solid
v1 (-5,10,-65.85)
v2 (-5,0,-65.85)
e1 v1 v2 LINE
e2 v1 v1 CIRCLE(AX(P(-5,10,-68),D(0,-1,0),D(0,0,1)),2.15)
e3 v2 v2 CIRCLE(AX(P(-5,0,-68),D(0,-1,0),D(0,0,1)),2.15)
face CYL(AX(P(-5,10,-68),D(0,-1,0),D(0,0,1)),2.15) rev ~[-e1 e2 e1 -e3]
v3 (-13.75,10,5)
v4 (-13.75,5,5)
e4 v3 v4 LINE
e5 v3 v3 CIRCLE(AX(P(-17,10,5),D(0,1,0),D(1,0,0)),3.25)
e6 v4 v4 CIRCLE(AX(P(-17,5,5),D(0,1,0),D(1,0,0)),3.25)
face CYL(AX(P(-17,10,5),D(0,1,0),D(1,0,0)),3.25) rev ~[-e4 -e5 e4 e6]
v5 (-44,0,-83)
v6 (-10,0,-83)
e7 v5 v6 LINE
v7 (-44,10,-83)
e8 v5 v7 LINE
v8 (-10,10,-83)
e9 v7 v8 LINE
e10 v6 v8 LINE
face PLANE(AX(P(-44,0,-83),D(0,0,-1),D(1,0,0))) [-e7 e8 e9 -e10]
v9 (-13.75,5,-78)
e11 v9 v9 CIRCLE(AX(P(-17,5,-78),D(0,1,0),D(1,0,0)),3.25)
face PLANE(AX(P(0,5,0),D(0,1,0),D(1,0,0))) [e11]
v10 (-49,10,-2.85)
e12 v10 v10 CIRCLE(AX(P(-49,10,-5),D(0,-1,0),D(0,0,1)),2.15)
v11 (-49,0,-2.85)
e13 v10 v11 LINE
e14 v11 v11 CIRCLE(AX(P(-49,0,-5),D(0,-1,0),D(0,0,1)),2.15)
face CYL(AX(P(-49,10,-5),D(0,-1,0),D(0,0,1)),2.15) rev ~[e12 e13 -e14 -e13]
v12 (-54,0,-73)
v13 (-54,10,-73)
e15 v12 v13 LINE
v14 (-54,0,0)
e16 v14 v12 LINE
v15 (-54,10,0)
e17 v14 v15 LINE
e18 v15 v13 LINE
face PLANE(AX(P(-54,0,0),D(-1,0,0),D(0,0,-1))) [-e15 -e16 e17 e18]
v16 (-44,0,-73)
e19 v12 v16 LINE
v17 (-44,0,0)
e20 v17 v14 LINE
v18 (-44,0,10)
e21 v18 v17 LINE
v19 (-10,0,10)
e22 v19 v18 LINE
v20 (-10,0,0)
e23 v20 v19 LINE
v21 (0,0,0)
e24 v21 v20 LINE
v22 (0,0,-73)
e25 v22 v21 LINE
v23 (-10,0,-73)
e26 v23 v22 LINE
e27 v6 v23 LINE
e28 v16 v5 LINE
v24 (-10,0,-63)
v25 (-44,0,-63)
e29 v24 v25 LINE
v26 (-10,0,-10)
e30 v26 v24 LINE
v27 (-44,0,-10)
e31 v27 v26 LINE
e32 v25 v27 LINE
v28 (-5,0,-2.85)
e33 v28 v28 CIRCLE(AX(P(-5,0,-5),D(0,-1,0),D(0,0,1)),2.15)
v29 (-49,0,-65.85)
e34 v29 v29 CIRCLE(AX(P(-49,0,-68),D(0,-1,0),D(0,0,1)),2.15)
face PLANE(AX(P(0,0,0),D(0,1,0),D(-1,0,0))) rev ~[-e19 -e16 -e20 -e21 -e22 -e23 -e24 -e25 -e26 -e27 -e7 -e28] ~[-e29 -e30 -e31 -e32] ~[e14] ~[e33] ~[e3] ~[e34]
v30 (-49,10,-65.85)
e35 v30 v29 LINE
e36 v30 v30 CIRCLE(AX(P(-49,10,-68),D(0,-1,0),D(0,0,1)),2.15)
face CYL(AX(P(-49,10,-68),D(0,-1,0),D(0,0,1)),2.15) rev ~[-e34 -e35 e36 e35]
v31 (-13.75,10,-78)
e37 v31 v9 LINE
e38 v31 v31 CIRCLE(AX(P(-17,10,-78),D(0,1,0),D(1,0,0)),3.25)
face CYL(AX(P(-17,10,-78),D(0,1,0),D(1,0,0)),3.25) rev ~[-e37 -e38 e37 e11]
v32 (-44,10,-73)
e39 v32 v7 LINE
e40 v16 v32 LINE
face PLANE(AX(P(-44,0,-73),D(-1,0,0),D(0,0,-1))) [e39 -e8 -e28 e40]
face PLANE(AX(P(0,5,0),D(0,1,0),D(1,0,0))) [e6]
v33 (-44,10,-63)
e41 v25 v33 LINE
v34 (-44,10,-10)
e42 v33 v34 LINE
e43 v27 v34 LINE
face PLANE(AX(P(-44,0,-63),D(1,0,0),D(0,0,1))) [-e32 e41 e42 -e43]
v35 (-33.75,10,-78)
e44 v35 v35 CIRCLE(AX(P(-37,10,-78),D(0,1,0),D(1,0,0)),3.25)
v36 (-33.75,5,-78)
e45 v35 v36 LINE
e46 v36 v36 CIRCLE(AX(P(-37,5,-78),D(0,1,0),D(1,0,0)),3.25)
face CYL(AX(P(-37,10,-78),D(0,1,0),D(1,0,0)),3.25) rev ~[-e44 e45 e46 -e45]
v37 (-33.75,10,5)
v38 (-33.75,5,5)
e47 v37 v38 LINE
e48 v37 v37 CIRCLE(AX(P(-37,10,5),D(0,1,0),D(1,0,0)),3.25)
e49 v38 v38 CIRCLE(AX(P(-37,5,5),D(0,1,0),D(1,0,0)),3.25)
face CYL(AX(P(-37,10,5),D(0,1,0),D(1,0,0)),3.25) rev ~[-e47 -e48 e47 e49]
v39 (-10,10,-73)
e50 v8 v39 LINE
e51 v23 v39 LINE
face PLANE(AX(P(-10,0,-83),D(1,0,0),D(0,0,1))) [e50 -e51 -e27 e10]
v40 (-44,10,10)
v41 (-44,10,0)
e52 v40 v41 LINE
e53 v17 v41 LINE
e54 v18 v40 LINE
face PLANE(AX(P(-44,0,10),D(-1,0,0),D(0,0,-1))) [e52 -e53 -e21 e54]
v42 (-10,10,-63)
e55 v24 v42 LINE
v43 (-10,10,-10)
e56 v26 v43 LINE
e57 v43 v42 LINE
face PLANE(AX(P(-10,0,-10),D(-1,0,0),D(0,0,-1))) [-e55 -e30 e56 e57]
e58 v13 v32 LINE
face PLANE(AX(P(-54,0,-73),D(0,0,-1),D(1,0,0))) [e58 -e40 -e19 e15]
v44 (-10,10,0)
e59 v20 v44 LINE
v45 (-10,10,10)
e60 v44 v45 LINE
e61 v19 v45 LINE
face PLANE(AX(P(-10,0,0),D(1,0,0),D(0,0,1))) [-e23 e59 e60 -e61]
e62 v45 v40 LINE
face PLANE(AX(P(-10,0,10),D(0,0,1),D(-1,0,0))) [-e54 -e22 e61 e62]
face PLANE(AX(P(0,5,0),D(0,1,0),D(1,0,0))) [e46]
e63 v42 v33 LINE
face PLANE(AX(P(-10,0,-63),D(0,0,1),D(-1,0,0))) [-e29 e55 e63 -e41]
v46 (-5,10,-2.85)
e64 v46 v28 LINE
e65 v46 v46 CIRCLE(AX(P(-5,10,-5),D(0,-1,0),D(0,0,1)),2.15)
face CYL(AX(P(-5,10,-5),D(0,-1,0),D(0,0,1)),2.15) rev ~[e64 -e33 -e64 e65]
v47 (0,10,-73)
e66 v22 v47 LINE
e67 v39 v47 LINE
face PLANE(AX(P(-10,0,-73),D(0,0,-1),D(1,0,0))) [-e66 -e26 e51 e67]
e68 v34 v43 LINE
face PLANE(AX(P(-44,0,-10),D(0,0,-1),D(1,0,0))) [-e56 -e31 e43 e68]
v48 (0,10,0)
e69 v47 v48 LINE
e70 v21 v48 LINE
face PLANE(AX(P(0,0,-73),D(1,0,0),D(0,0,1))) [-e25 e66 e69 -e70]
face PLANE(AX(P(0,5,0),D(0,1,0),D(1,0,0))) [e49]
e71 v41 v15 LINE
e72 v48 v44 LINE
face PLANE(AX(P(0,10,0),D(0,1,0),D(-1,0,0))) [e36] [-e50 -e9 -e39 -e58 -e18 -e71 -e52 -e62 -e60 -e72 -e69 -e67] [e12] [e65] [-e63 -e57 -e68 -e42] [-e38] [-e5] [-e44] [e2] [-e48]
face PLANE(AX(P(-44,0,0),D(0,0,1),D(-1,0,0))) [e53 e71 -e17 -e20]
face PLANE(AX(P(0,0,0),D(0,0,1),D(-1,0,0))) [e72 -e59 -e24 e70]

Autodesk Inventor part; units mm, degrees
ref_plane "YZ Plane" through (0, 0, 0) normal (1, 0, 0) x (0, 1, 0)
ref_plane "XZ Plane" through (0, 0, 0) normal (0, 1, 0) x (-1, 0, 0)
ref_plane "XY Plane" through (0, 0, 0) normal (0, 0, 1) x (1, 0, 0)
sketch "Sketch1" plane through (0, 0, 0) normal (0, 1, 0) x (-1, 0, 0)
  line L0 (0, 0) -> (10, 0)
  line L1 (10, 0) -> (10, 10)
  line L2 (10, 10) -> (44, 10)
  line L3 (44, 10) -> (44, 0)
  line L4 (44, 0) -> (54, 0)
  line L5 (54, 0) -> (54, -73)
  line L6 (54, -73) -> (44, -73)
  line L7 (44, -73) -> (44, -83)
  line L8 (44, -83) -> (10, -83)
  line L9 (10, -83) -> (10, -73)
  line L10 (10, -73) -> (0, -73)
  line L11 (0, -73) -> (0, 0)
  dimension "d9" = 73
  dimension "d10" = 54
  dimension "thickness" = 10
  dimension "t" = 10
  dimension "d13" = 10
  dimension "d14" = 10
  dimension "d15" = 10
  dimension "d16" = 10
  dimension "d17" = 10
extrude "Extrusion1" add sketch "Sketch1" along normal blind 10
hole "Hole1" at (-49, 10, -5) direction (0, -1, 0) diameter 4.3 end through all
hole "Hole2" at (-5, 10, -5) direction (0, -1, 0) diameter 4.3 end through all
hole "Hole3" at (-5, 10, -68) direction (0, -1, 0) diameter 4.3 end through all
hole "Hole4" at (-49, 10, -68) direction (0, -1, 0) diameter 4.3 end through all
sketch "Sketch2" plane through (0, 10, 0) normal (0, 1, 0) x (1, 0, 0)
  circle A0 centre (-37, -5) radius 3.25
  circle A1 centre (-17, -5) radius 3.25
  circle A2 centre (-37, 78) radius 3.25
  circle A3 centre (-17, 78) radius 3.25
  line L0 (-44, -10) -> (-10, -10) projected
  line L1 (-10, 83) -> (-44, 83) projected
  line L2 (-44, 0) -> (-44, -10) projected
  line L3 (-10, -10) -> (-10, 0) projected
  line L4 (-10, 73) -> (-10, 83) projected
  line L5 (-44, 83) -> (-44, 73) projected
  point P0 (0, 0)
  dimension "d56" = 6.5
  dimension "d57" = 6.5
  dimension "d58" = 6.5
  dimension "d59" = 6.5
  dimension "d60" = 5
  dimension "d61" = 5
  dimension "d62" = 5
  dimension "d63" = 5
  dimension "d64" = 7
  dimension "d65" = 7
  dimension "d66" = 7
  dimension "d67" = 7
extrude "Extrusion2" cut sketch "Sketch2" against normal blind 5
sketch "Sketch3" plane through (0, 0, 0) normal (0, -1, 0) x (1, 0, 0)
  line L0 (-44, -10) -> (-10, -10)
  line L1 (-10, -10) -> (-10, -63)
  line L2 (-10, -63) -> (-44, -63)
  line L3 (-44, -63) -> (-44, -10)
  line L4 (-10, 10) -> (-44, 10) projected
  line L5 (-44, -83) -> (-10, -83) projected
  line L6 (0, -73) -> (0, 0) projected
  line L7 (-54, 0) -> (-54, -73) projected
  dimension "d70" = 20
  dimension "d71" = 20
  dimension "d72" = 10
  dimension "d73" = 10
extrude "Extrusion3" cut sketch "Sketch3" against normal blind 10
equation "\"thickness\" = t"
equation "\"d13\" = t"
equation "\"d14\" = t"
equation "\"d15\" = t"
equation "\"d16\" = t"
equation "\"d17\" = t"
equation "\"d18\" = t"
properties part number "backFrame"
